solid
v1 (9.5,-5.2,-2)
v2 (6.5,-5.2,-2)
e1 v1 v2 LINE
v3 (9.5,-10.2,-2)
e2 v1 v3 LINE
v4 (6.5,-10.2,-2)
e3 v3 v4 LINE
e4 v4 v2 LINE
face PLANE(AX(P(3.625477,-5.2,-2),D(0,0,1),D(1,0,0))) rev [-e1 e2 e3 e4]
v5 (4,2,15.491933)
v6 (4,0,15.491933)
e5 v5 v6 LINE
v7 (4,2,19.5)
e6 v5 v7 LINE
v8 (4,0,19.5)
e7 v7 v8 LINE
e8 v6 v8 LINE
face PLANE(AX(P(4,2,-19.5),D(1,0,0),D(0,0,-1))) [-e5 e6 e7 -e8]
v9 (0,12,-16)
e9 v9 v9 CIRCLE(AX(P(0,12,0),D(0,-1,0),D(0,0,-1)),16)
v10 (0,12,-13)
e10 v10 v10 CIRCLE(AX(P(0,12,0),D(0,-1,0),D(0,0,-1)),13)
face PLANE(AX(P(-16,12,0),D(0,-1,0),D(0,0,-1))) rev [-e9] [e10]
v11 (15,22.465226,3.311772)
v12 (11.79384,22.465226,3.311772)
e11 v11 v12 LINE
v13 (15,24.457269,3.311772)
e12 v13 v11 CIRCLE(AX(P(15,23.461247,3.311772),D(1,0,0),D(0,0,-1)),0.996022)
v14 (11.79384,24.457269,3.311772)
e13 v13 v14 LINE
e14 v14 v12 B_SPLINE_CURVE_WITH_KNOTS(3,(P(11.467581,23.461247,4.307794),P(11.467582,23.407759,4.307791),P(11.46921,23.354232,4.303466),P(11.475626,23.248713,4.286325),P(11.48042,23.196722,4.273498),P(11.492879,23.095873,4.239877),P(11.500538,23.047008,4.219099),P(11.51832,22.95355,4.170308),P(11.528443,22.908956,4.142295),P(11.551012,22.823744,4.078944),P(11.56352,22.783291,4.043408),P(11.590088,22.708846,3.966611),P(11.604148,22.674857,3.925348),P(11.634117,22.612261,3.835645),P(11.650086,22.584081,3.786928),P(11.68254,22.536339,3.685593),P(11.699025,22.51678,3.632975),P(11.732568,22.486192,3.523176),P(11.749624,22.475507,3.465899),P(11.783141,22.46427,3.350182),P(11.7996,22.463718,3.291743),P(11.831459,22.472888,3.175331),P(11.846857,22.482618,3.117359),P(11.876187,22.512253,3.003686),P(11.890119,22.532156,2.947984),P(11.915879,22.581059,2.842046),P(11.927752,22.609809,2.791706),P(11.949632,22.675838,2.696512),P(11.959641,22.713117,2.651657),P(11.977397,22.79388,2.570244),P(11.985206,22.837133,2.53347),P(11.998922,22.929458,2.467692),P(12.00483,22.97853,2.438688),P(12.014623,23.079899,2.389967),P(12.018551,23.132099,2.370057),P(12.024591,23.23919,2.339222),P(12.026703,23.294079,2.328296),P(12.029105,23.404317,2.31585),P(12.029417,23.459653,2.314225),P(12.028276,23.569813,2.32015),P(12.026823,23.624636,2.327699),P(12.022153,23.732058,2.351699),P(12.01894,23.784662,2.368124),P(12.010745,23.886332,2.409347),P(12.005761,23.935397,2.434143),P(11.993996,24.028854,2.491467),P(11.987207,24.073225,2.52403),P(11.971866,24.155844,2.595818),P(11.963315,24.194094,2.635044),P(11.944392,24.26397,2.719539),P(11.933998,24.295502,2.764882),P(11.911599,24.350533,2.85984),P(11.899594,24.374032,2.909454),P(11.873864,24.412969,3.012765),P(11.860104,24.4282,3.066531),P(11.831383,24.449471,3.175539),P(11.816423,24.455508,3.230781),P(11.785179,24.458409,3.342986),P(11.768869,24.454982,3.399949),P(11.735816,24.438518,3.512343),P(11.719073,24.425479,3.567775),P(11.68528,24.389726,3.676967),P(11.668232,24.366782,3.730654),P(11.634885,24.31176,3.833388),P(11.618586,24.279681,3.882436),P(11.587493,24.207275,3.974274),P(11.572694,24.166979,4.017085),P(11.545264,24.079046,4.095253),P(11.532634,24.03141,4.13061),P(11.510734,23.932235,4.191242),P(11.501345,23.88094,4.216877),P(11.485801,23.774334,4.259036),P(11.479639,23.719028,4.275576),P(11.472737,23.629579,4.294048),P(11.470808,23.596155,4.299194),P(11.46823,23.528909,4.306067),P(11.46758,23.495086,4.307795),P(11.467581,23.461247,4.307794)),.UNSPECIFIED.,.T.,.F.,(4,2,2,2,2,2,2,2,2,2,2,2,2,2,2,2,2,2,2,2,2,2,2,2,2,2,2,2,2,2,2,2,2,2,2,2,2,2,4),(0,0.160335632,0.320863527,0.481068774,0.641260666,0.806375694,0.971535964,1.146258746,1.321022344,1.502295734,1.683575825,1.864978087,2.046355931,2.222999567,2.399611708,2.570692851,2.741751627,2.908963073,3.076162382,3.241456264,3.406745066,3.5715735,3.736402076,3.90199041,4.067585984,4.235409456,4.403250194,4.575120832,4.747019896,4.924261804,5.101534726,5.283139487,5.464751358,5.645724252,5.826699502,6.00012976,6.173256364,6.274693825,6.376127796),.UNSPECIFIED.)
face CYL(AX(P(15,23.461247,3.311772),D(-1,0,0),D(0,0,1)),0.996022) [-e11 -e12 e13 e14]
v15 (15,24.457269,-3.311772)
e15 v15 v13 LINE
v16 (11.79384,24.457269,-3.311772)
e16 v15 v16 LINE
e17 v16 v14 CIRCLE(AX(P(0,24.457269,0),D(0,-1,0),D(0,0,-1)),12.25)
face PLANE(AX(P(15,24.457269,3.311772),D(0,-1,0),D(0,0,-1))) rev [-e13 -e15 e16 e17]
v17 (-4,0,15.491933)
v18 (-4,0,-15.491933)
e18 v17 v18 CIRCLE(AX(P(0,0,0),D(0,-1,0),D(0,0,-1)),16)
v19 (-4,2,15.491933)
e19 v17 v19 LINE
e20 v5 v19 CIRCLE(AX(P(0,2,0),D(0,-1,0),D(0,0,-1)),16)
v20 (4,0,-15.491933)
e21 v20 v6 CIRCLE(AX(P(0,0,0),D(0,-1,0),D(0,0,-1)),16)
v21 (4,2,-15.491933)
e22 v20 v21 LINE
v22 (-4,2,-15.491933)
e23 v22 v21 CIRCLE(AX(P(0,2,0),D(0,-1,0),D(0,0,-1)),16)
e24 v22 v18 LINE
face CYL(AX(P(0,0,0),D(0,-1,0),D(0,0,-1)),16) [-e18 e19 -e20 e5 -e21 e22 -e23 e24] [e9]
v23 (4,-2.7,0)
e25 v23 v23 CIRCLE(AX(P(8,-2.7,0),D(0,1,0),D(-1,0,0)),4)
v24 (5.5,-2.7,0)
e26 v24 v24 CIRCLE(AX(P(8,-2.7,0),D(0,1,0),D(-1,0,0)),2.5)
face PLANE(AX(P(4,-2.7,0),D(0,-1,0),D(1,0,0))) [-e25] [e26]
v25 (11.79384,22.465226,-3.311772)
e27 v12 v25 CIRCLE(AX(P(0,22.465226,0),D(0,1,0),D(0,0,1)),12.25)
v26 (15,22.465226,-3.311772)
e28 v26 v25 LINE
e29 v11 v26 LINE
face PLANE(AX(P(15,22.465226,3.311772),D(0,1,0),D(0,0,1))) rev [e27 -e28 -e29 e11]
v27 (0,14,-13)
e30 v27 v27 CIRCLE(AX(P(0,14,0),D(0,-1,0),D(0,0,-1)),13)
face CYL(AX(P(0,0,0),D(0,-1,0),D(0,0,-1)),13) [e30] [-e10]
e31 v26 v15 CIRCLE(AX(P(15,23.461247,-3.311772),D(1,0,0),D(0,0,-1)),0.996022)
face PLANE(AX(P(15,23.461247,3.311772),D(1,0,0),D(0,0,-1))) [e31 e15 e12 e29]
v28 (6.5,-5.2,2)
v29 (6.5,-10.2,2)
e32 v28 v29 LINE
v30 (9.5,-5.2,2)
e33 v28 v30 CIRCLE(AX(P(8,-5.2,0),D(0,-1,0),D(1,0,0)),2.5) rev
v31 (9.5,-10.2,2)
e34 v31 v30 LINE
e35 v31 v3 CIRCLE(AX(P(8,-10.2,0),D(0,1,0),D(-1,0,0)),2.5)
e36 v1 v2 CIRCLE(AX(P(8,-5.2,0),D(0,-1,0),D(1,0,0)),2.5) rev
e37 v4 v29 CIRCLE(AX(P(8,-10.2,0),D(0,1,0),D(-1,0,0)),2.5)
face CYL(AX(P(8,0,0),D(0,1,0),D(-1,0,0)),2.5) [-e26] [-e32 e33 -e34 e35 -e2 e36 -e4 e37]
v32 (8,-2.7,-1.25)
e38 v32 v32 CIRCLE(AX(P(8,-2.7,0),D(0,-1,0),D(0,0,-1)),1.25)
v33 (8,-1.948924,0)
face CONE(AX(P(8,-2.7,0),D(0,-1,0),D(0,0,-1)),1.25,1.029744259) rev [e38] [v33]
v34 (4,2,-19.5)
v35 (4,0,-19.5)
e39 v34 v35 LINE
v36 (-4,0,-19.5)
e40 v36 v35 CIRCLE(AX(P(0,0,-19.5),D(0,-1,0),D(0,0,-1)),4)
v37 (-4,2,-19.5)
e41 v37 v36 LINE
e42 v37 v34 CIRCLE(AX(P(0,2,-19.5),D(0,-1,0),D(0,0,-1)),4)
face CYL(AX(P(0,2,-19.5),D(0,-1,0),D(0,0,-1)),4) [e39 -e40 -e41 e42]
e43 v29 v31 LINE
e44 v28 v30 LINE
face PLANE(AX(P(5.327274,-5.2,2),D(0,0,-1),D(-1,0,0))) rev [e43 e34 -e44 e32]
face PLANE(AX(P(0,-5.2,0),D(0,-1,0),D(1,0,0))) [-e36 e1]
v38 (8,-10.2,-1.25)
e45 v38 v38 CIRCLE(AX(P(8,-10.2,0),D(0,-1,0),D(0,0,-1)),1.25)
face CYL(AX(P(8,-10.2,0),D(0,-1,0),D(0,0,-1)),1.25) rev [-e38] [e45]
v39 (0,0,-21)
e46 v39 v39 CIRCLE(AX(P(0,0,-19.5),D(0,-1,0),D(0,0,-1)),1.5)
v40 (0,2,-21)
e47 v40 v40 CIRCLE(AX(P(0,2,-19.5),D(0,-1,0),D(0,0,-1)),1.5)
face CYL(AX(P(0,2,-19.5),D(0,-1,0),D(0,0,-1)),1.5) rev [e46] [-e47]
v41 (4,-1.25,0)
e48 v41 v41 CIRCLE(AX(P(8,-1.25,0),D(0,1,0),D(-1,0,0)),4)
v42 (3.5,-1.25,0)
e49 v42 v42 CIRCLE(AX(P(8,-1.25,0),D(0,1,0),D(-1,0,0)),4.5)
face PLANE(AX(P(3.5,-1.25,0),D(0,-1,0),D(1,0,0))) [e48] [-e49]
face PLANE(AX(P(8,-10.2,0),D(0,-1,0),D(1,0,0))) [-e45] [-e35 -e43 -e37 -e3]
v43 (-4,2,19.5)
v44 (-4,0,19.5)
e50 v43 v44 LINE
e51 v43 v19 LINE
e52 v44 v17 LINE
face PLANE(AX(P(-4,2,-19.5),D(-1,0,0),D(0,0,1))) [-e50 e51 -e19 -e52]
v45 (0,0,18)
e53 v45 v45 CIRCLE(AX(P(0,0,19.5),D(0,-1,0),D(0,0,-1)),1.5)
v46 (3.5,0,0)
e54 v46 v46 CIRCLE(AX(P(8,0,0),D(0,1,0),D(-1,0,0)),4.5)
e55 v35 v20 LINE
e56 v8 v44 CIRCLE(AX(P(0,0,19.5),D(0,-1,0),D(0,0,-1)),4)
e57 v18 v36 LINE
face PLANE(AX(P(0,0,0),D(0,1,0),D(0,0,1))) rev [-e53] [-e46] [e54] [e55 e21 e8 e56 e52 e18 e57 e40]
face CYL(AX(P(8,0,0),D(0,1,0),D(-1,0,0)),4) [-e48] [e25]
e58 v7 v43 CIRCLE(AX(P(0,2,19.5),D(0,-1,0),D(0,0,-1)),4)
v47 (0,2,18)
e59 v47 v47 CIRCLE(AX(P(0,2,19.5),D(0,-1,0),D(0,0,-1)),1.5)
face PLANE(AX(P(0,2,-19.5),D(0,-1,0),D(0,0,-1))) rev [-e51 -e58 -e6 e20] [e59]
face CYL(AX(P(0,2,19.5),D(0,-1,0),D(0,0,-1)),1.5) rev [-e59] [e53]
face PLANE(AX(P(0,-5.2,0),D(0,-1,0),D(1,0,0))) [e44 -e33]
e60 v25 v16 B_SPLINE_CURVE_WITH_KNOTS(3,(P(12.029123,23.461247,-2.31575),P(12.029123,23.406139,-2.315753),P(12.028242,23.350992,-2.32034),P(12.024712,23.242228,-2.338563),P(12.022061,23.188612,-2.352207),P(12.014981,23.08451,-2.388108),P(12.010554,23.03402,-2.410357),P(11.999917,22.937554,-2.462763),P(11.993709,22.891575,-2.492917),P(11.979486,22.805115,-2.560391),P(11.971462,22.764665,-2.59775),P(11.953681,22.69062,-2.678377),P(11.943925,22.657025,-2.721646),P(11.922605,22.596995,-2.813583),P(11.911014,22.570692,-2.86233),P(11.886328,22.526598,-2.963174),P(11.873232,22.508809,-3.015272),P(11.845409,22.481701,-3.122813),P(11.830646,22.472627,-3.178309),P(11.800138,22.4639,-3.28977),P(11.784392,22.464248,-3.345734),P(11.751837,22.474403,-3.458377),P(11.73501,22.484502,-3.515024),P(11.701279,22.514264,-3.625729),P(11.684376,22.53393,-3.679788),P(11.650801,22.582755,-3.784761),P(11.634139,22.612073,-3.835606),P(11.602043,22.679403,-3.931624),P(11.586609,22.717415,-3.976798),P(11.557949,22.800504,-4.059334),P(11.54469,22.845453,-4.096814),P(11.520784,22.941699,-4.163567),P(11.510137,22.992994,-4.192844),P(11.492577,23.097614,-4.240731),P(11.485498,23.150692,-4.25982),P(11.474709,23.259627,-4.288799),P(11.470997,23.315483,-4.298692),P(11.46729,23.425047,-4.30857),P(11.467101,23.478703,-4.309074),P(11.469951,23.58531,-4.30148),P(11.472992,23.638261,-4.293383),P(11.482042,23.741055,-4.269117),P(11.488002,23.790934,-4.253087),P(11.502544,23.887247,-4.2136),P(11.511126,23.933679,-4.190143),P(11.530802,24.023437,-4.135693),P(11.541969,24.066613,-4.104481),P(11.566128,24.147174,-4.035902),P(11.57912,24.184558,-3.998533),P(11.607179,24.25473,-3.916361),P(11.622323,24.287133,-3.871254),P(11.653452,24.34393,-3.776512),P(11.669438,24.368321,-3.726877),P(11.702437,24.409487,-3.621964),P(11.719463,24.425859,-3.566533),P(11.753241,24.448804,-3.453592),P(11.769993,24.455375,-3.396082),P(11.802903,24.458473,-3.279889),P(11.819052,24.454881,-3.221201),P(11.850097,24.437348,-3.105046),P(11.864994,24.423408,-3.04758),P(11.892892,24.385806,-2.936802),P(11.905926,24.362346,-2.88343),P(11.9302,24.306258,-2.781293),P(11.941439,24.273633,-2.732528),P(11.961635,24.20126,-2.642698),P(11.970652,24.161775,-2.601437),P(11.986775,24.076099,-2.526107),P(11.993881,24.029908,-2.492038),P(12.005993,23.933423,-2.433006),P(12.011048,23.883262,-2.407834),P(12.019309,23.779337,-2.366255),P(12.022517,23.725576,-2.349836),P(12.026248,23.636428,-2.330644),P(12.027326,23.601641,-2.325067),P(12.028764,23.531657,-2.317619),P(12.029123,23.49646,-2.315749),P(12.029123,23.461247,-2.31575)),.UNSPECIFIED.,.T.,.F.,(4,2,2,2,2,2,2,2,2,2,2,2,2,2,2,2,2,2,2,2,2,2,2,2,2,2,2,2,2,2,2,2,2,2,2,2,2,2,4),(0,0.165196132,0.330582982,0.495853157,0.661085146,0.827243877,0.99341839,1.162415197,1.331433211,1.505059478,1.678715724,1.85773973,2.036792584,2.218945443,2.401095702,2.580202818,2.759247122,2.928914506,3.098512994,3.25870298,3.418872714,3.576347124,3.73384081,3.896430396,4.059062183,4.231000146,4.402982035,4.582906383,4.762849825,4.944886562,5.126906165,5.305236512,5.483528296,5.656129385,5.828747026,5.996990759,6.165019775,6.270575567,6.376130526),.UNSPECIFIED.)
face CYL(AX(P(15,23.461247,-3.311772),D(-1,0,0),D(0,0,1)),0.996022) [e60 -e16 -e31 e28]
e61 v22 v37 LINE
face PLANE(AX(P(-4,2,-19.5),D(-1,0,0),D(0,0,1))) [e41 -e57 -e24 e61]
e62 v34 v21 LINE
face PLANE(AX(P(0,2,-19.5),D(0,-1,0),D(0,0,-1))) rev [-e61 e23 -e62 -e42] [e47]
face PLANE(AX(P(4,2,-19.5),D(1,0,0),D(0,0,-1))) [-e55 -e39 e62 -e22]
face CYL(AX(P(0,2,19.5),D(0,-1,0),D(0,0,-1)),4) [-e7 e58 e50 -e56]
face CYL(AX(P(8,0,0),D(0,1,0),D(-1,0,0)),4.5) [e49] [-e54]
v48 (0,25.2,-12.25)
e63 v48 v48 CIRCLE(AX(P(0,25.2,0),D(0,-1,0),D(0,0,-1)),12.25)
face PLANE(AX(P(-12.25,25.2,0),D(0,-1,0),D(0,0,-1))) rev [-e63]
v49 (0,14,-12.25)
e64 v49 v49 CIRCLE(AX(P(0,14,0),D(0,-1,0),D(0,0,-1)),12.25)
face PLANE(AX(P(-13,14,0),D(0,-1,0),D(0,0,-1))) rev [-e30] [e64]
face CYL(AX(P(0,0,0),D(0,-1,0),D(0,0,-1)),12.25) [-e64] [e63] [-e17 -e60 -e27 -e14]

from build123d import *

# Parameters (mm, degrees)
SKETCH_9_W          = 5.698212476
SKETCH_9_H          = 1.620294685
SKETCH_9_W_2        = 7.400009417
SKETCH_9_H_2        = 3.482357373
CUT_EXTRUDE_1_DEPTH = 5
SKETCH_10_R         = 1.5
EXTRUDE_5_DEPTH     = 2
EXTRUDE_6_DEPTH     = 15


with BuildPart() as part:
    # 草图3 → 旋转1 (revolve)
    with BuildSketch(Plane.XY, mode=Mode.PRIVATE) as revolve_1_sk:
        Polygon((-16, 0), (-16, 12), (-13, 12), (-13, 14), (-12.25, 14), (-12.25, 25.2), (0, 25.2), (0, 0), align=None)
    revolve(revolve_1_sk.sketch.rotate(Axis((0, 0, 0), (0, 1, 0)), 270), axis=Axis((0, 0, 0), (0, 1, 0)))



with BuildPart() as body_2:
    # 草图6 → 旋转4 (revolve)
    with BuildSketch(Plane.XY):
        Polygon((3.5, 0), (3.5, -1.25), (4, -1.25), (4, -2.7), (5.5, -2.7), (5.5, -10.2), (8, -10.2), (8, -5.2), (8, 0), align=None)
    revolve(axis=Axis((8, 0, 0), (0, -1, 0)))

    # 草图8 → M3 螺纹孔1 (revolve, cut)
    with BuildSketch(Plane(origin=(8, -10.2, 0), x_dir=(0, 0, -1), z_dir=(1, 0, 0))):
        Polygon((0, 0), (0, 8.251075774), (1.25, 7.5), (1.25, 0), align=None)
    revolve(axis=Axis((8, -16.55, 0), (0, 1, 0)), mode=Mode.SUBTRACT)

    # 草图9 → 切除-拉伸1 (cut)
    with BuildSketch(Plane.XZ.offset(10.2)):
        with Locations((8.176379841, 2.810147343)):
            Rectangle(SKETCH_9_W, SKETCH_9_H)
        with Locations((7.325481371, -3.741178687)):
            Rectangle(SKETCH_9_W_2, SKETCH_9_H_2)
    extrude(amount=-CUT_EXTRUDE_1_DEPTH, mode=Mode.SUBTRACT)


with BuildPart() as part_1:
    add(part.part)

    add(body_2.part)  # 凸台-拉伸5 merges body 2
    # 草图10 → 凸台-拉伸5 (add)
    with BuildSketch(Plane.XZ):
        with BuildLine():
            Line((-4, -19.5), (-4, 19.5))
            ThreePointArc((-4, 19.5), (0, 23.5), (4, 19.5))
            Line((4, 19.5), (4, -19.5))
            ThreePointArc((4, -19.5), (0, -23.5), (-4, -19.5))
        make_face()
        with Locations(Location((0, 19.5, 0), (0, 0, 270))):
            Circle(SKETCH_10_R, mode=Mode.SUBTRACT)
        with Locations(Location((0, -19.5, 0), (0, 0, 270))):
            Circle(SKETCH_10_R, mode=Mode.SUBTRACT)
    extrude(amount=-EXTRUDE_5_DEPTH)

    # 草图11 → 凸台-拉伸6 (add)
    with BuildSketch(Plane(origin=(0, 0, 0), x_dir=(0, 0, -1), z_dir=(1, 0, 0))):
        with BuildLine():
            Line((-3.311772074, 24.45726904), (3.311772074, 24.45726904))
            ThreePointArc((3.311772074, 24.45726904), (4.30779375, 23.461247363), (3.311772074, 22.465225687))
            Line((3.311772074, 22.465225687), (-3.311772074, 22.465225687))
            ThreePointArc((-3.311772074, 22.465225687), (-4.30779375, 23.461247363), (-3.311772074, 24.45726904))
        make_face()
    extrude(amount=EXTRUDE_6_DEPTH)


solid = part_1.part
